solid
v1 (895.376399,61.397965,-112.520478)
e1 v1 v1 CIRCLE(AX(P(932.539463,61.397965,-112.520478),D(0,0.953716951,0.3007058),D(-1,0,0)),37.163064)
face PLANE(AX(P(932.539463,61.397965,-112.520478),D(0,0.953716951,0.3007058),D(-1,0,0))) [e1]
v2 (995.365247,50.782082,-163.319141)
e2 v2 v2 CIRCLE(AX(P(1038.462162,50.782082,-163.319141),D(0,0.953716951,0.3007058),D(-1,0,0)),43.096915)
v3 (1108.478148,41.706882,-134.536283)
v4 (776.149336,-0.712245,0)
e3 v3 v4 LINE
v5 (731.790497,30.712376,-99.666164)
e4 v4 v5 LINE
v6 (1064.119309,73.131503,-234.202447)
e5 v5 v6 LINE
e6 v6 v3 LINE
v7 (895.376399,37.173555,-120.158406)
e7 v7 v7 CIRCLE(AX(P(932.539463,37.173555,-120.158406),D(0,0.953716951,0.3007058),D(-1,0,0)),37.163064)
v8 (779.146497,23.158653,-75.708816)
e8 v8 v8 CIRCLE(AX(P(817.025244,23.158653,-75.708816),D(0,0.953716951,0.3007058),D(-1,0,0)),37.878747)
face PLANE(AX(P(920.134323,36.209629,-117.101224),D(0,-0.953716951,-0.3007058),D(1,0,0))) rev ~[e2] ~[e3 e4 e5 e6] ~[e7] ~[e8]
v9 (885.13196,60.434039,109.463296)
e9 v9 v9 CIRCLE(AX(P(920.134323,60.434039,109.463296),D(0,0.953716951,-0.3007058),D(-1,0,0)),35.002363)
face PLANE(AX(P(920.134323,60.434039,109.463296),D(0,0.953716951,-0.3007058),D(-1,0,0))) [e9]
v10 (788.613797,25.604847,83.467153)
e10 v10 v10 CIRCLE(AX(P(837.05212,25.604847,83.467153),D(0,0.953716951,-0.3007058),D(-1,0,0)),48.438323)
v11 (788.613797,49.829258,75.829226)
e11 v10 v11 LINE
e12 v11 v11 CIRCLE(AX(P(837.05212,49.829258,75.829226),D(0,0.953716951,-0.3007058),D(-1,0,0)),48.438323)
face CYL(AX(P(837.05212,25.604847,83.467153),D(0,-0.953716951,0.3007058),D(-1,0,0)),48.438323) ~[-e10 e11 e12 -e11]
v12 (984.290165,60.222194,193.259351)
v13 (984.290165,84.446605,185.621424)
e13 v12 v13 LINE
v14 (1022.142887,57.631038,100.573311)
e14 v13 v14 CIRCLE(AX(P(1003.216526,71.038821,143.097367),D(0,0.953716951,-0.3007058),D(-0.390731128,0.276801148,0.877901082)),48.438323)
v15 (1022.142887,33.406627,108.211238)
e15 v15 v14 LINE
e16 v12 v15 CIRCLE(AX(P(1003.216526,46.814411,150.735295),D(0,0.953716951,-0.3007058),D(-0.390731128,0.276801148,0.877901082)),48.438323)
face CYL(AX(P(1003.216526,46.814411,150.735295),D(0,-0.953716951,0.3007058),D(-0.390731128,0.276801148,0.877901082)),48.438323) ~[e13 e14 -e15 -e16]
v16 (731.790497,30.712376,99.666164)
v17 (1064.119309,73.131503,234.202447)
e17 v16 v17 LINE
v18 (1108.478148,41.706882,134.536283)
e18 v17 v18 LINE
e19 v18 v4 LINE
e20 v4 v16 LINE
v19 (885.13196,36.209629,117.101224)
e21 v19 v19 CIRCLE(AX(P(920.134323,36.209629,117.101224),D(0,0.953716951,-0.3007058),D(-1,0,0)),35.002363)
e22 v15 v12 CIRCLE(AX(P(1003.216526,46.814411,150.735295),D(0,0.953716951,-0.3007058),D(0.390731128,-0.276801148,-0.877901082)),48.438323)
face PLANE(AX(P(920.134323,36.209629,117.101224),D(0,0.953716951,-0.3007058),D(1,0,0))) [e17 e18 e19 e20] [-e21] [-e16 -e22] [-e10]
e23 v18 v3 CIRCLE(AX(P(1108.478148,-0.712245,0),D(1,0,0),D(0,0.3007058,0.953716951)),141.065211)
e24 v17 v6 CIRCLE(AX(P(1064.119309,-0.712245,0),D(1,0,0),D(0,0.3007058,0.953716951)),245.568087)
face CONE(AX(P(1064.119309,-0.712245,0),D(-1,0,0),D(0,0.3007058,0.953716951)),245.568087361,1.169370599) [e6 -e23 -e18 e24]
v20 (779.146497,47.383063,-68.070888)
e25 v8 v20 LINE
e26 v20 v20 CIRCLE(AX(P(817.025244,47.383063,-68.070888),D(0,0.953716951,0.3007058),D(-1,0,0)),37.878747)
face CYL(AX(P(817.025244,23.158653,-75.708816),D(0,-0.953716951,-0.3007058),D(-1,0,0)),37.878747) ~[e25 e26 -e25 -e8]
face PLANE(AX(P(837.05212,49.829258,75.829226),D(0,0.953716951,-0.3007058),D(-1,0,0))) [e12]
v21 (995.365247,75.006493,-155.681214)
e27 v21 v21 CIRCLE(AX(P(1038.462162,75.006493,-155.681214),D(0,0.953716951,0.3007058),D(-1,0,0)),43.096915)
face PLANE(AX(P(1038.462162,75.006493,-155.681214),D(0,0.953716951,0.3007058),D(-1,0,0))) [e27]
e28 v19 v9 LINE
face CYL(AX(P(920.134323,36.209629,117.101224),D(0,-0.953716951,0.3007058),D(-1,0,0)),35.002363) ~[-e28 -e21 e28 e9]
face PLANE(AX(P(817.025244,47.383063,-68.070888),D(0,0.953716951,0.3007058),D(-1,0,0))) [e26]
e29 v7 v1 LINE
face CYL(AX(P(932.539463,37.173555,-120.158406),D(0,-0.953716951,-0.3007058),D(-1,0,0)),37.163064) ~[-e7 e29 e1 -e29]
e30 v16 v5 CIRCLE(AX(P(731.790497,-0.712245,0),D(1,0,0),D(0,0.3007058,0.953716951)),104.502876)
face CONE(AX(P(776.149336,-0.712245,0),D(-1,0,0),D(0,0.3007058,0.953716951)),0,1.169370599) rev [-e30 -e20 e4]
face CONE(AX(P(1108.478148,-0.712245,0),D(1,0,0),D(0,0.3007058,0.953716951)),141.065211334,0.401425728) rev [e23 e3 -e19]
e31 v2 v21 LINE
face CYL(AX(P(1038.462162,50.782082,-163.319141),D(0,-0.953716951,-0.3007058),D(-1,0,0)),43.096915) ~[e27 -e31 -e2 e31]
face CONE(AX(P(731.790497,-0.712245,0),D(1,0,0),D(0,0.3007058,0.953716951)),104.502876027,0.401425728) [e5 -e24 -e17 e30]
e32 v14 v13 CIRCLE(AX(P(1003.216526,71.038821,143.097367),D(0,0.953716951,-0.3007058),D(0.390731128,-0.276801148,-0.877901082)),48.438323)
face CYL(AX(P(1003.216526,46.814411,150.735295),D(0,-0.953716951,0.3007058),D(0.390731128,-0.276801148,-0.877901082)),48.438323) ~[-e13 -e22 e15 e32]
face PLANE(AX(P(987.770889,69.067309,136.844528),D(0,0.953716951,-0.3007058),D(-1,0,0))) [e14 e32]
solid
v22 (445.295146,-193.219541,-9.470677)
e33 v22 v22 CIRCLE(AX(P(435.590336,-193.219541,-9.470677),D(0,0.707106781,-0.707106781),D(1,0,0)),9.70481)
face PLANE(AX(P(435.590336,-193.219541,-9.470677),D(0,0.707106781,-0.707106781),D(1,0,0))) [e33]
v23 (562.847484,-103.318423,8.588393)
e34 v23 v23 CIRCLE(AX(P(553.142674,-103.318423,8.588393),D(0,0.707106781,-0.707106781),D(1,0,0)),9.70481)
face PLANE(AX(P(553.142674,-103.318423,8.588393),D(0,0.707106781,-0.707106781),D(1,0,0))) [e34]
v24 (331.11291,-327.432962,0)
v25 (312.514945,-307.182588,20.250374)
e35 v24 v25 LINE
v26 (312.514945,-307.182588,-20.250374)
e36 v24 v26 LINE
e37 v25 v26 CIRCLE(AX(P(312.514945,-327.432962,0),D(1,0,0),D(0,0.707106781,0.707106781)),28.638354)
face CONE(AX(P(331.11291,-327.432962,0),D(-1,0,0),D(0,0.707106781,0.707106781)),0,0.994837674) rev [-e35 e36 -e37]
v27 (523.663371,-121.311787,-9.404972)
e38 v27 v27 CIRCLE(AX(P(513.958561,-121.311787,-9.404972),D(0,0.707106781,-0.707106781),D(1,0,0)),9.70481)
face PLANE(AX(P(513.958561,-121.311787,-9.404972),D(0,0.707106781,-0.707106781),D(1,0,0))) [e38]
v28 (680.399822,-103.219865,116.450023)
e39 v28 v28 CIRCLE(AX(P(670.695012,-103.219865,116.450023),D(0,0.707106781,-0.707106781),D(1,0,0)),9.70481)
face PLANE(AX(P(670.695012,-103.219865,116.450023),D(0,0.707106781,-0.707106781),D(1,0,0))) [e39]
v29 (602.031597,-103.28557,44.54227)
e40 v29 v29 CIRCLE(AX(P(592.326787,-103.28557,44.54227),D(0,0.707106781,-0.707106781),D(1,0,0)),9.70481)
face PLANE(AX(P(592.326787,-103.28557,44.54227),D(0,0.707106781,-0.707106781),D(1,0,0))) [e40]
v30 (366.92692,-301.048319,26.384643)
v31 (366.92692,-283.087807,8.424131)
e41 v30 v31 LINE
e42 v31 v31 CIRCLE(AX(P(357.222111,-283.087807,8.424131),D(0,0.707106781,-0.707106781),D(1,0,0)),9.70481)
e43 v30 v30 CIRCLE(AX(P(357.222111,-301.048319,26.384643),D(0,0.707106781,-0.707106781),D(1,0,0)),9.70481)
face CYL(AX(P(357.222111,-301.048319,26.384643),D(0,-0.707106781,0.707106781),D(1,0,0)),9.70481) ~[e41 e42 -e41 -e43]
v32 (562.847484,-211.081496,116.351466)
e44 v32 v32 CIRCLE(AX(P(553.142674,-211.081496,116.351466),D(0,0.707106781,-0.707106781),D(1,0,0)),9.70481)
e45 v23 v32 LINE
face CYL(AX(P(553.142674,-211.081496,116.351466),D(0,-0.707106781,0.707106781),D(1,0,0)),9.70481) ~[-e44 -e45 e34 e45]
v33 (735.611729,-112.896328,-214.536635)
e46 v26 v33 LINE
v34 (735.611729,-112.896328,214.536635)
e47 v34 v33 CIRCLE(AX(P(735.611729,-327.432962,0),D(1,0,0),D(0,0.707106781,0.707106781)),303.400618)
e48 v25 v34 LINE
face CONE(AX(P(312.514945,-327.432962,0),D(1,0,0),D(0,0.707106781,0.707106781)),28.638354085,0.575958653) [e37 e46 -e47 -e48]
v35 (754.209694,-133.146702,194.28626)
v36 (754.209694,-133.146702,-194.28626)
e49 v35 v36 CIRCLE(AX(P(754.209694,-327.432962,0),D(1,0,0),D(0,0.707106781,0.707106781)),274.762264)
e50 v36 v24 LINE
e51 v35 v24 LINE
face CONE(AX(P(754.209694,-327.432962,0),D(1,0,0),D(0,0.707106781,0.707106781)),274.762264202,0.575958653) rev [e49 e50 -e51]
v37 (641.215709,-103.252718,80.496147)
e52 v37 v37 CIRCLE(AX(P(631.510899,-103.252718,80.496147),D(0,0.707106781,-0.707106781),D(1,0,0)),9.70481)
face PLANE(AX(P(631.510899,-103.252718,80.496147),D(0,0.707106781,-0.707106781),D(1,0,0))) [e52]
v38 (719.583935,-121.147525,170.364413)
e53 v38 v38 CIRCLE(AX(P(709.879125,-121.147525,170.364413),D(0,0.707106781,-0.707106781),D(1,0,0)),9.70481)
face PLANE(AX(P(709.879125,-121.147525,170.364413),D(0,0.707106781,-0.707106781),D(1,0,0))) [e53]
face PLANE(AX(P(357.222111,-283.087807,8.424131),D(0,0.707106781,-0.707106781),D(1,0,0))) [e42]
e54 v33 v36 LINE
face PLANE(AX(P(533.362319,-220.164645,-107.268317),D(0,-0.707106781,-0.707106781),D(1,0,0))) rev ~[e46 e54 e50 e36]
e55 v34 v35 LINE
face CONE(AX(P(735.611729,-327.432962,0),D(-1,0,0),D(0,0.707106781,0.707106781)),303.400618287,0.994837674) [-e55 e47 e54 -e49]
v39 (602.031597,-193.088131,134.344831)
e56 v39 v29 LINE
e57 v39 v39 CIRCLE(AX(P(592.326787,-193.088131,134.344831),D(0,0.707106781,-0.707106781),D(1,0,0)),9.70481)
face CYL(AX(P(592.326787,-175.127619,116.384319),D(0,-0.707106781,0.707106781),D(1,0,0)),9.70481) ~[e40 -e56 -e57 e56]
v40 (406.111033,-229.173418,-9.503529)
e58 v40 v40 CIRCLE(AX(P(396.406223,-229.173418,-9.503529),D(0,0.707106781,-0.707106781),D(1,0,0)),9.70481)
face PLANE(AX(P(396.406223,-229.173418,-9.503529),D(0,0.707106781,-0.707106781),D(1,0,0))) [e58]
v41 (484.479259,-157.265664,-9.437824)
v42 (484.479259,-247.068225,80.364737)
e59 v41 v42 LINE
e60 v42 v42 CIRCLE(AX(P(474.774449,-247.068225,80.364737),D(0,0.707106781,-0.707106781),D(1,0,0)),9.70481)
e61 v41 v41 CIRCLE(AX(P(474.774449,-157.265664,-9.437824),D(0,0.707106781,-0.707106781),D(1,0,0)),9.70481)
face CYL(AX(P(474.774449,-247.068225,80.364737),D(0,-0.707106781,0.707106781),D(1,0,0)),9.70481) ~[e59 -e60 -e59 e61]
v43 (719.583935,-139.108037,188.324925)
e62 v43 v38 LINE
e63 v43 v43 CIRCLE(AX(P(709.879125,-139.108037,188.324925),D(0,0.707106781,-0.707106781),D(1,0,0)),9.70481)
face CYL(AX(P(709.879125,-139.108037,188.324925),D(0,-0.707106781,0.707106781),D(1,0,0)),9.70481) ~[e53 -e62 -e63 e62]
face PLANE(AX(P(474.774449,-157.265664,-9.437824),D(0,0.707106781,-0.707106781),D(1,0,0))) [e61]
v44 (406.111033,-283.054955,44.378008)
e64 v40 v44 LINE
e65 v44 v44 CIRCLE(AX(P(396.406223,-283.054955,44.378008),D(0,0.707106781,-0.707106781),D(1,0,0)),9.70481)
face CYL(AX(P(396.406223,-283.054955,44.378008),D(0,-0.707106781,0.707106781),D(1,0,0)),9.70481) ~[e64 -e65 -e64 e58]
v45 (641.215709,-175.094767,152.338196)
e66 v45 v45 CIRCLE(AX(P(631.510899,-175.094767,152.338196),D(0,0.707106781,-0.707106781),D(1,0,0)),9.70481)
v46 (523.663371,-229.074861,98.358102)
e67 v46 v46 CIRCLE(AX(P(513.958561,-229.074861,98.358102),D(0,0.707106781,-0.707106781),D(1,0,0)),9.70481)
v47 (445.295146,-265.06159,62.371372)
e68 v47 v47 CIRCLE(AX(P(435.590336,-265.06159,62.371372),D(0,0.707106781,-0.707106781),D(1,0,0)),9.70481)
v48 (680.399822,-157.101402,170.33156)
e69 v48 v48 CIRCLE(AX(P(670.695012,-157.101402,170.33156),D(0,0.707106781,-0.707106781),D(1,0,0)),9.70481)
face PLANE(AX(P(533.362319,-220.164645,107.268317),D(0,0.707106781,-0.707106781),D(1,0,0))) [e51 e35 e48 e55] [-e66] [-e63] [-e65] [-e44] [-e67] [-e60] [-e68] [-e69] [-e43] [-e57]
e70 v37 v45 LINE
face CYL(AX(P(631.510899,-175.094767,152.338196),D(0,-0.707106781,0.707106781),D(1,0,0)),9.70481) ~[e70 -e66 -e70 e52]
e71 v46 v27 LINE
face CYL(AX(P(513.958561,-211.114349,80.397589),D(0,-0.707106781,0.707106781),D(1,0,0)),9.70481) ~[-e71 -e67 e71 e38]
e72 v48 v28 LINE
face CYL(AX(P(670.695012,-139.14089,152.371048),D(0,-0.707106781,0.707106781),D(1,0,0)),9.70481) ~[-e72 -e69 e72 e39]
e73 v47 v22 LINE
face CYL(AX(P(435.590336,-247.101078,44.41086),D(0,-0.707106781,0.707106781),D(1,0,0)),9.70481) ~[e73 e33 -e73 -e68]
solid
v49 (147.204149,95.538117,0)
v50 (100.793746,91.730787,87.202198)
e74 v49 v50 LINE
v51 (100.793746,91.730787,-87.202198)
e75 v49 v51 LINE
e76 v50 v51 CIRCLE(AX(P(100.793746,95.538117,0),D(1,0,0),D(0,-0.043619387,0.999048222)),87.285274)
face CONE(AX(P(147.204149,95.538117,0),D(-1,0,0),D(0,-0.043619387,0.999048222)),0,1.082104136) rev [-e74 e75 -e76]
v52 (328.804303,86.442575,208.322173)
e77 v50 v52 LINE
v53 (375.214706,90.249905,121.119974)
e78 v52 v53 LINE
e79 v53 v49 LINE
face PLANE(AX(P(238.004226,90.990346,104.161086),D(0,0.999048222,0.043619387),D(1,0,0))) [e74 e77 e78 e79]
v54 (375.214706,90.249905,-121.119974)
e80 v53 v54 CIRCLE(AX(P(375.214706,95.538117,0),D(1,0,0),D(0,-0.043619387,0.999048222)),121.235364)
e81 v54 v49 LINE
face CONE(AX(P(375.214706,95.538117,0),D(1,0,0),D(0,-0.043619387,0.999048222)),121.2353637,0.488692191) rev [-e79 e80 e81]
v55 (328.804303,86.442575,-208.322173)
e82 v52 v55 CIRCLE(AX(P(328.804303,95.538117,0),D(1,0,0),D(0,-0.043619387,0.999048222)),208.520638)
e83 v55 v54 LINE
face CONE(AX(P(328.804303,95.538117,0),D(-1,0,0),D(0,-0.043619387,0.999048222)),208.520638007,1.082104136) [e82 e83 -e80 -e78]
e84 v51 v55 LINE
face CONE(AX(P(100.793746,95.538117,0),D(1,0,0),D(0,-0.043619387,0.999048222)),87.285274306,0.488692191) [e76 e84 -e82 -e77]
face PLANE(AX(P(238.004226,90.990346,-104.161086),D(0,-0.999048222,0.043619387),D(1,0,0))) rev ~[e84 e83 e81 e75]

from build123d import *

# Parameters (mm, degrees)
F1_ANGLE_BACK = 87.5
F1_ANGLE      = 175
F2_ANGLE_BACK = 107.5
F2_ANGLE      = 215
F3_ANGLE_BACK = 135
F3_ANGLE      = 270
F4_R          = 37.8787474823
F4_R_2        = 37.1630640443
F4_R_3        = 43.0969146211
F5_DEPTH      = 25.4
F6_R          = 48.4383232115
F6_R_2        = 35.0023630102
F7_DEPTH      = 25.4
F8_R          = 9.7048098961
F9_DEPTH      = 25.4
F10_DEPTH     = 50.8
F11_DEPTH     = 76.2
F12_DEPTH     = 101.6
F13_DEPTH     = 127


with BuildPart() as f1:
    # F0 (on Top) → F1 (revolve)
    with BuildSketch(Plane.XY, mode=Mode.PRIVATE) as f1_sk:
        Polygon((147.204149189, 95.5381169915), (100.793745595, 8.252842685), (328.8043026418, -112.9825210152), (375.2147062358, -25.6972467086), align=None)
    revolve(f1_sk.sketch.rotate(Axis((286.60620749, 95.5381169915, 0), (1, 0, 0)), -F1_ANGLE_BACK), axis=Axis((286.60620749, 95.5381169915, 0), (1, 0, 0)), revolution_arc=F1_ANGLE)


with BuildPart() as f2:
    # F0 (on Top) → F2 (revolve)
    with BuildSketch(Plane.XY, mode=Mode.PRIVATE) as f2_sk:
        Polygon((1108.4781483383, -141.7774565633), (776.1493364803, -0.7122452288), (731.7904973856, -105.2151212553), (1064.1193092436, -246.2803325899), align=None)
    revolve(f2_sk.sketch.rotate(Axis((956.6637632167, -0.7122452288, 0), (1, 0, 0)), -F2_ANGLE_BACK), axis=Axis((956.6637632167, -0.7122452288, 0), (1, 0, 0)), revolution_arc=F2_ANGLE)

    # F4 (on face) → F5 (join)
    with BuildSketch(Plane(origin=(0, -0.647841182, -0.2042635401), x_dir=(-1, 0, 0), z_dir=(0, 0.9537169507, 0.3007057995))):
        with Locations((-817.025244236, -79.1687220335)):
            Circle(F4_R)
        with Locations((-932.5394630432, -125.775411725)):
            Circle(F4_R_2)
        with Locations((-1038.4621620178, -171.0307002068)):
            Circle(F4_R_3)
    extrude(amount=F5_DEPTH)

    # F6 (on face) → F7 (join)
    with BuildSketch(Plane(origin=(0, -0.647841182, 0.2042635401), x_dir=(-1, 0, 0), z_dir=(0, 0.9537169507, -0.3007057995))):
        with Locations((-837.0521198974, 87.303564576)):
            Circle(F6_R)
        with Locations((-920.1343228619, 122.5698674096)):
            Circle(F6_R_2)
        with BuildLine():
            ThreePointArc((-954.7782026149, 157.8361702432), (-962.8244948556, 184.5710723302), (-984.2901651359, 202.4238818525))
            Line((-984.2901651359, 202.4238818525), (-1022.142886517, 113.2484586339))
            ThreePointArc((-1022.142886517, 113.2484586339), (-976.4816237395, 117.4441392725), (-954.7782026149, 157.8361702432))
        make_face()
        with BuildLine():
            Line((-1022.142886517, 113.2484586339), (-984.2901651359, 202.4238818525))
            ThreePointArc((-984.2901651359, 202.4238818525), (-1047.8042374357, 176.7625309338), (-1022.142886517, 113.2484586339))
        make_face()
    extrude(amount=F7_DEPTH)


with BuildPart() as f3:
    # F0 (on Top) → F3 (revolve)
    with BuildSketch(Plane.XY, mode=Mode.PRIVATE) as f3_sk:
        Polygon((735.6117292031, -630.8335806259), (754.2096938025, -602.1952265412), (331.1129097793, -327.4329623391), (312.51494518, -356.0713164238), align=None)
    revolve(f3_sk.sketch.rotate(Axis((583.3554470724, -327.4329623391, 0), (1, 0, 0)), -F3_ANGLE_BACK), axis=Axis((583.3554470724, -327.4329623391, 0), (1, 0, 0)), revolution_arc=F3_ANGLE)

    # F8 (on face) → F9 (join)
    with BuildSketch(Plane(origin=(0, -163.7164811695, 163.7164811695), x_dir=(1, 0, 0), z_dir=(0, 0.7071067812, -0.7071067812))):
        with Locations((709.8791248237, -34.8015947993)):
            Circle(F8_R)
        with Locations((670.6950121215, -9.3551344778)):
            Circle(F8_R)
        with Locations((631.5108994193, 16.0913258436)):
            Circle(F8_R)
        with Locations((592.3267867172, 41.5377861651)):
            Circle(F8_R)
        with Locations((553.142674015, 66.9842464866)):
            Circle(F8_R)
        with Locations((513.9585613128, 92.4307068081)):
            Circle(F8_R)
        with Locations((474.7744486107, 117.8771671296)):
            Circle(F8_R)
        with Locations((435.5903359085, 143.3236274511)):
            Circle(F8_R)
        with Locations((396.4062232063, 168.7700877726)):
            Circle(F8_R)
        with Locations((357.2221105042, 194.2165480941)):
            Circle(F8_R)
    extrude(amount=F9_DEPTH)

    # F10 (add): faces of the model
    f10_faces = [f3.faces().sort_by_distance(p)[0] for p in [
        (670.6950121215, -139.1408898992, 152.3710479556),
        (396.4062232063, -265.0944424529, 26.4174954019),
    ]]
    extrude(f10_faces, amount=F10_DEPTH)

    # F11 (add): faces of the model
    f11_faces = [f3.faces().sort_by_distance(p)[0] for p in [
        (435.5903359085, -247.1010778023, 44.4108600525),
        (631.5108994193, -157.1342545497, 134.3776833051),
    ]]
    extrude(f11_faces, amount=F11_DEPTH)

    # F12 (add): faces of the model
    f12_faces = [f3.faces().sort_by_distance(p)[0] for p in [
        (592.3267867172, -175.1276192002, 116.3843186545),
        (474.7744486107, -229.1077131518, 62.404224703),
    ]]
    extrude(f12_faces, amount=F12_DEPTH)

    # F13 (add): faces of the model
    f13_faces = [f3.faces().sort_by_distance(p)[0] for p in [
        (513.9585613128, -211.1143485013, 80.3975893535),
        (553.142674015, -193.1209838508, 98.390954004),
    ]]
    extrude(f13_faces, amount=F13_DEPTH)


solid = Compound([f1.part, f2.part, f3.part])
